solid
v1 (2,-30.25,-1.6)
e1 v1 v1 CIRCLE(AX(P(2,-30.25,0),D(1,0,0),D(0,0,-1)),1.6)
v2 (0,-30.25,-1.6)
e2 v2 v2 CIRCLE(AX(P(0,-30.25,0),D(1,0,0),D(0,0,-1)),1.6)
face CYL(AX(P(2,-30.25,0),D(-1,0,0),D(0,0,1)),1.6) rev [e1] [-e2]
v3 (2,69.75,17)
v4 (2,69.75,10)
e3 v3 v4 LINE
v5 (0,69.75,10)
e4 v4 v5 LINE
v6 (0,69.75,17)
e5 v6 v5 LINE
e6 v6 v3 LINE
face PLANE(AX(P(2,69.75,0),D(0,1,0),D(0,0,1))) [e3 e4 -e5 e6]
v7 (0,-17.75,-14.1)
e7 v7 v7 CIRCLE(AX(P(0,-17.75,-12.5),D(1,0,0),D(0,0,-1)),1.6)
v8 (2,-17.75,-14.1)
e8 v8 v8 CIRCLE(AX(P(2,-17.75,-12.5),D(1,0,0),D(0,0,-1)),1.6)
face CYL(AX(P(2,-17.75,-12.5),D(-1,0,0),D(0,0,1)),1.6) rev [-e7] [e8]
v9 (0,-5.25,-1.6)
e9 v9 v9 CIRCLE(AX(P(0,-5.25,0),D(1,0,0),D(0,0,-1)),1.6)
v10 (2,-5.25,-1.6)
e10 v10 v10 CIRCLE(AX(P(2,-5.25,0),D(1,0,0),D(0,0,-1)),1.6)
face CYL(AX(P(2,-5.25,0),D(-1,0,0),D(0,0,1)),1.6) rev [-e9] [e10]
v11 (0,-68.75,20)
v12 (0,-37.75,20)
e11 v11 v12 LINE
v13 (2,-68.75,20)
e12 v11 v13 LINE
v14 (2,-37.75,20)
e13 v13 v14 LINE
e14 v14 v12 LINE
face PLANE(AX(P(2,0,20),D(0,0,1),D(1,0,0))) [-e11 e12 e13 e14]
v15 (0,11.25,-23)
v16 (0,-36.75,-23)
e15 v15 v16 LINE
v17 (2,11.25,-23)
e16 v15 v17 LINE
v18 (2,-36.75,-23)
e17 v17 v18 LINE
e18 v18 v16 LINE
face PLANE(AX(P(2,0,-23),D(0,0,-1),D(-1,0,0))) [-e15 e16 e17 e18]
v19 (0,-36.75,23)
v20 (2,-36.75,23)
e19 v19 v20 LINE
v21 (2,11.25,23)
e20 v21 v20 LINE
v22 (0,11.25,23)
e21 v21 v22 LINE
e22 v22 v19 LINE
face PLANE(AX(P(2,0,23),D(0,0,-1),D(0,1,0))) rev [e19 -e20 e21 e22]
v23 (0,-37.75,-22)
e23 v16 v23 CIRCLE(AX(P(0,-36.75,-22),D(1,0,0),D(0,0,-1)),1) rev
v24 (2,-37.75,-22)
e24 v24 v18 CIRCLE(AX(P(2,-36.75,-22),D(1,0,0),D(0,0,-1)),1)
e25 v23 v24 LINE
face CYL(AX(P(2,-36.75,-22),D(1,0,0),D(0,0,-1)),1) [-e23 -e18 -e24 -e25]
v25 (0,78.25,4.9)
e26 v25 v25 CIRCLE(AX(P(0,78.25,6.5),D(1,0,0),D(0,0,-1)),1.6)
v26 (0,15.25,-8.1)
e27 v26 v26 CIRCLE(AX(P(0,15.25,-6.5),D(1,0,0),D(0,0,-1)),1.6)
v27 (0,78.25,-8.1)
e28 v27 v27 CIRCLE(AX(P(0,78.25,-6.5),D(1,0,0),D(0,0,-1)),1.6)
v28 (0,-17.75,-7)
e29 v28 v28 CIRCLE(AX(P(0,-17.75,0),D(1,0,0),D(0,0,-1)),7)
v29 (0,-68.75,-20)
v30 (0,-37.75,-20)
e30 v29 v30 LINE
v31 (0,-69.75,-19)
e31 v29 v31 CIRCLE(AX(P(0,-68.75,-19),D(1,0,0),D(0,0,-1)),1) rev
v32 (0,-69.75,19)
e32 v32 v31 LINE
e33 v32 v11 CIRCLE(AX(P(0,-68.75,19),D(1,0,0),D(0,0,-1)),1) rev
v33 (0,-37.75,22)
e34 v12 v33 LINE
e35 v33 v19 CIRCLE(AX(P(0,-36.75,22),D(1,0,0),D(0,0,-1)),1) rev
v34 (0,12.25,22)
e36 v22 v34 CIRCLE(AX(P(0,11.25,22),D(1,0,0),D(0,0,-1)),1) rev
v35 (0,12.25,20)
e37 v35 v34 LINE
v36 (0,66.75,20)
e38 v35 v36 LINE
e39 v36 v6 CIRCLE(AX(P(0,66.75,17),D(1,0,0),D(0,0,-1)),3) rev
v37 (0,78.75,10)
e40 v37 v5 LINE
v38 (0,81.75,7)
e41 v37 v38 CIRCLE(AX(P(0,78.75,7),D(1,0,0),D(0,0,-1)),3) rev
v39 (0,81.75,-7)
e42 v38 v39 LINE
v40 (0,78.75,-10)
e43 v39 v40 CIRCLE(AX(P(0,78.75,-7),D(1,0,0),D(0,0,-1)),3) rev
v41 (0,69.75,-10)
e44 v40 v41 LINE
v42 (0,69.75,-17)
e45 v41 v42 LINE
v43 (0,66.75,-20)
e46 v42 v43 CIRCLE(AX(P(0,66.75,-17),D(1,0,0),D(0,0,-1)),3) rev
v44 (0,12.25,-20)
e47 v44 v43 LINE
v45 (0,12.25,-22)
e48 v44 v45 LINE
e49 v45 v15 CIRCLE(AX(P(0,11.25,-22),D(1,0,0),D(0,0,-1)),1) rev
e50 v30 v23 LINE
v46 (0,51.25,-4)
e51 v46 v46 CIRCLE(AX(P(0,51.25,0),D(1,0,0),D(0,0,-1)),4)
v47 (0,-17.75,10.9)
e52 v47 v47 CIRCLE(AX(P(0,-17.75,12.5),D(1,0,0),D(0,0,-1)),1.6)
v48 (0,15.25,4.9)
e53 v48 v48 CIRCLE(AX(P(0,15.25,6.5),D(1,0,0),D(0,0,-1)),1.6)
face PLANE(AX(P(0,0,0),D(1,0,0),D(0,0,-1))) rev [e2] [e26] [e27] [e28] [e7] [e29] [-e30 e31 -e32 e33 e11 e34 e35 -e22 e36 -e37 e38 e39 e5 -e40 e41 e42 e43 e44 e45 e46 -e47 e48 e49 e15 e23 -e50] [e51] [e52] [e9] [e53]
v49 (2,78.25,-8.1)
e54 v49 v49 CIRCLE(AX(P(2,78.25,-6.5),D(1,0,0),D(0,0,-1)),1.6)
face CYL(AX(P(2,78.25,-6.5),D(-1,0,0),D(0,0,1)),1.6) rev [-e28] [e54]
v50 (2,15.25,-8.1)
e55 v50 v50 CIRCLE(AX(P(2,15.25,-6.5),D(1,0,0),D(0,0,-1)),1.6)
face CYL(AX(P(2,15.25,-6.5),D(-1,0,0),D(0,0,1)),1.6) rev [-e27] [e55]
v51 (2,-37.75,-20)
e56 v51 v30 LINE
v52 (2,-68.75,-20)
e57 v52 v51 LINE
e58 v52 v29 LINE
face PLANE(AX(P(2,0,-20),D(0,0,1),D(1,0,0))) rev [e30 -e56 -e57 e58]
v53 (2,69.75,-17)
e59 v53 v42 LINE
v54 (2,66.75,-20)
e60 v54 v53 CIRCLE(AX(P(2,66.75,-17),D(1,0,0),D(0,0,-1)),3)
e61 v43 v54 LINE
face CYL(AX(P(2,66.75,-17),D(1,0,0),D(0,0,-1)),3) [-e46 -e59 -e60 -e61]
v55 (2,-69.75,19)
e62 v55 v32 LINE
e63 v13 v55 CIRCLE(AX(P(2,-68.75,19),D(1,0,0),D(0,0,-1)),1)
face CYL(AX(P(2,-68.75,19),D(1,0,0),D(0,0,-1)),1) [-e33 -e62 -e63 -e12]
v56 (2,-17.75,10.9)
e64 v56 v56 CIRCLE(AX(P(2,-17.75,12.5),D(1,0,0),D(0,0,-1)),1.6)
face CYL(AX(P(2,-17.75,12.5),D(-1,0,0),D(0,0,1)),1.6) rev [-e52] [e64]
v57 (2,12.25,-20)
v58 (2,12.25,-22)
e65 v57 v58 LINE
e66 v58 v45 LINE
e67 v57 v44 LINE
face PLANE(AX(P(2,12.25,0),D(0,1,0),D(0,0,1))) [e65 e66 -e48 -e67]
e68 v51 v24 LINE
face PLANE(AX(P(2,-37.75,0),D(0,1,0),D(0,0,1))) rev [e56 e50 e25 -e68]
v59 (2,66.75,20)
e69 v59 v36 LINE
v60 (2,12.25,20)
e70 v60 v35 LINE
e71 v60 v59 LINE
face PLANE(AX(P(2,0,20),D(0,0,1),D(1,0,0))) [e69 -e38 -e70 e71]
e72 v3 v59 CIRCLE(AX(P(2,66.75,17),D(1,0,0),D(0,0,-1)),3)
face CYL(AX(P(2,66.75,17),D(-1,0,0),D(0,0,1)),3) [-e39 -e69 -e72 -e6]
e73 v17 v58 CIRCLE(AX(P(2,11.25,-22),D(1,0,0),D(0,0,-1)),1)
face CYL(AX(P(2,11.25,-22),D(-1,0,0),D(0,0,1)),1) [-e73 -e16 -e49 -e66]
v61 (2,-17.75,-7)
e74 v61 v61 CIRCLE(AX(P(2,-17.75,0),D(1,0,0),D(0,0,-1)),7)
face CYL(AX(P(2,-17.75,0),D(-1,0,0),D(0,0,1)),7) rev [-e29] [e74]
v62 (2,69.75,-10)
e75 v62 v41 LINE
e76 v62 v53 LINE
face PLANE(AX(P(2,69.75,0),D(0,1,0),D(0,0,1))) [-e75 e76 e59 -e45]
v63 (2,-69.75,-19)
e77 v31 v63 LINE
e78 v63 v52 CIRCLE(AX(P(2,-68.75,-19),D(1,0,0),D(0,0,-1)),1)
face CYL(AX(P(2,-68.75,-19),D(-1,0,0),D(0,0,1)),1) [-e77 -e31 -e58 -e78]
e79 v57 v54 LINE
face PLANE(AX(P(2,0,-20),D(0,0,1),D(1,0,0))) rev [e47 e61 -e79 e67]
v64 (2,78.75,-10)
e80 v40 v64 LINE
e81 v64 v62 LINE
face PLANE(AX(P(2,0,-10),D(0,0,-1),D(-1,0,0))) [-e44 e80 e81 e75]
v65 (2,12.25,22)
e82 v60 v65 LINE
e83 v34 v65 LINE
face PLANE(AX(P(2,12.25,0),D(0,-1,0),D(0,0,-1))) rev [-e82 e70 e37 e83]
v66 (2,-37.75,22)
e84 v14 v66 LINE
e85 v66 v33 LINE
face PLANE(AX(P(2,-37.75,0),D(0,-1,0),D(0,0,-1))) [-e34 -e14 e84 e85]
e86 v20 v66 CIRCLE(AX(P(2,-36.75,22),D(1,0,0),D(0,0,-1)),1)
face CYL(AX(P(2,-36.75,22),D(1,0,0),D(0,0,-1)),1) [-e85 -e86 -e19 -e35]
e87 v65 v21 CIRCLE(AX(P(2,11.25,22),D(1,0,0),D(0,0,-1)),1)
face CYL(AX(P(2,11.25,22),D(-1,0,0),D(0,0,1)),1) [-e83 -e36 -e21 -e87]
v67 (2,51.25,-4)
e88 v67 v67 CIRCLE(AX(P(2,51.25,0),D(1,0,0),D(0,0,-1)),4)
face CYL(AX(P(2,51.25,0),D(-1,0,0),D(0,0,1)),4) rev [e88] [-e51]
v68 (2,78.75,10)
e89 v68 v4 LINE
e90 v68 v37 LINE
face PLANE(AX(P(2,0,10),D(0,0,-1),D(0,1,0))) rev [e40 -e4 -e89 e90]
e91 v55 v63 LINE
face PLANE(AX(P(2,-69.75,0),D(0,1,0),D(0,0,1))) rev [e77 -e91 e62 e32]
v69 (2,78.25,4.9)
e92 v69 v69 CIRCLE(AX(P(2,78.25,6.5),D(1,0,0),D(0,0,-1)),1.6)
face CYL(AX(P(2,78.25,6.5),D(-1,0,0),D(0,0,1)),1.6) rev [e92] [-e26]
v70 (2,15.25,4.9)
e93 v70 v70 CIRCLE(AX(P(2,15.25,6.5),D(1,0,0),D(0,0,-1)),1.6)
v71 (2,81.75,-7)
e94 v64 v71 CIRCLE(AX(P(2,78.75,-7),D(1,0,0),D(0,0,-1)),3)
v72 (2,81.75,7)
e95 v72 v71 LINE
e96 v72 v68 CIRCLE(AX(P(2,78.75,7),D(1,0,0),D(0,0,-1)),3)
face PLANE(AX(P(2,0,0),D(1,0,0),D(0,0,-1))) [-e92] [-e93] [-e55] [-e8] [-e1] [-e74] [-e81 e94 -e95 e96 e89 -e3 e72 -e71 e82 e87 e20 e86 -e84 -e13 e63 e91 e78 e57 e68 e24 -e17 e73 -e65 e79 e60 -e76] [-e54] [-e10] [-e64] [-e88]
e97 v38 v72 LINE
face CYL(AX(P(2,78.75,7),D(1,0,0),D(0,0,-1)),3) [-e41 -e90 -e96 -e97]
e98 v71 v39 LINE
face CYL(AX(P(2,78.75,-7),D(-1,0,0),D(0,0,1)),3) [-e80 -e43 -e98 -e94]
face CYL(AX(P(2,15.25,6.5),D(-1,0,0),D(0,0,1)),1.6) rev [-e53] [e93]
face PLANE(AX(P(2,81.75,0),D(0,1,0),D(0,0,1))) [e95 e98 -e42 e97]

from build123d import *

# Parameters (mm, degrees)
SKETCH_1_W      = 40
SKETCH_1_H      = 139.5
SKETCH_1_R      = 7
SKETCH_1_R_2    = 1.6
SKETCH_1_R_3    = 4
SKETCH_1_W_2    = 20
SKETCH_1_H_2    = 12
SKETCH_1_W_3    = 3
SKETCH_1_H_3    = 50
EXTRUDE_1_DEPTH = 2
FILLET_1_R      = 3
FILLET_2_R      = 1


with BuildPart() as part:
    # 草图1 → 凸台-拉伸1 (new body)
    # profile 1 of 4: a face of its own
    with BuildSketch(Plane(origin=(0, 0, 0), x_dir=(0, 0, -1), z_dir=(1, 0, 0))):
        Rectangle(SKETCH_1_W, SKETCH_1_H)
        with Locations((0, -17.75)):
            Circle(SKETCH_1_R, mode=Mode.SUBTRACT)
        with Locations((0, -5.25)):
            Circle(SKETCH_1_R_2, mode=Mode.SUBTRACT)
        with Locations((12.5, -17.75)):
            Circle(SKETCH_1_R_2, mode=Mode.SUBTRACT)
        with Locations((0, -30.25)):
            Circle(SKETCH_1_R_2, mode=Mode.SUBTRACT)
        with Locations((-12.5, -17.75)):
            Circle(SKETCH_1_R_2, mode=Mode.SUBTRACT)
        with Locations((-6.5, 15.25)):
            Circle(SKETCH_1_R_2, mode=Mode.SUBTRACT)
        with Locations((6.5, 15.25)):
            Circle(SKETCH_1_R_2, mode=Mode.SUBTRACT)
        with Locations((0, 51.25)):
            Circle(SKETCH_1_R_3, mode=Mode.SUBTRACT)
    # profile 2 of 4: a face of its own
    with BuildSketch(Plane(origin=(0, 0, 0), x_dir=(0, 0, -1), z_dir=(1, 0, 0))):
        with Locations((0, 75.75)):
            Rectangle(SKETCH_1_W_2, SKETCH_1_H_2)
        with Locations((-6.5, 78.25)):
            Circle(SKETCH_1_R_2, mode=Mode.SUBTRACT)
        with Locations((6.5, 78.25)):
            Circle(SKETCH_1_R_2, mode=Mode.SUBTRACT)
    # profile 3 of 4: a face of its own
    with BuildSketch(Plane(origin=(0, 0, 0), x_dir=(0, 0, -1), z_dir=(1, 0, 0))):
        with Locations((21.5, -12.75)):
            Rectangle(SKETCH_1_W_3, SKETCH_1_H_3)
    # profile 4 of 4: a face of its own
    with BuildSketch(Plane(origin=(0, 0, 0), x_dir=(0, 0, -1), z_dir=(1, 0, 0))):
        with Locations((-21.5, -12.75)):
            Rectangle(SKETCH_1_W_3, SKETCH_1_H_3)
    extrude(amount=EXTRUDE_1_DEPTH)

    # 圆角1
    fillet_1_edges = [part.edges().sort_by_distance(p)[0] for p in [
        (1, 69.75, 20),
        (1, 81.75, 10),
        (1, 81.75, -10),
        (1, 69.75, -20),
    ]]
    fillet(fillet_1_edges, radius=FILLET_1_R)

    # 圆角2
    fillet_2_edges = [part.edges().sort_by_distance(p)[0] for p in [
        (1, -69.75, 20),
        (1, -37.75, 23),
        (1, 12.25, 23),
        (1, 12.25, -23),
        (1, -37.75, -23),
        (1, -69.75, -20),
    ]]
    fillet(fillet_2_edges, radius=FILLET_2_R)


solid = part.part
